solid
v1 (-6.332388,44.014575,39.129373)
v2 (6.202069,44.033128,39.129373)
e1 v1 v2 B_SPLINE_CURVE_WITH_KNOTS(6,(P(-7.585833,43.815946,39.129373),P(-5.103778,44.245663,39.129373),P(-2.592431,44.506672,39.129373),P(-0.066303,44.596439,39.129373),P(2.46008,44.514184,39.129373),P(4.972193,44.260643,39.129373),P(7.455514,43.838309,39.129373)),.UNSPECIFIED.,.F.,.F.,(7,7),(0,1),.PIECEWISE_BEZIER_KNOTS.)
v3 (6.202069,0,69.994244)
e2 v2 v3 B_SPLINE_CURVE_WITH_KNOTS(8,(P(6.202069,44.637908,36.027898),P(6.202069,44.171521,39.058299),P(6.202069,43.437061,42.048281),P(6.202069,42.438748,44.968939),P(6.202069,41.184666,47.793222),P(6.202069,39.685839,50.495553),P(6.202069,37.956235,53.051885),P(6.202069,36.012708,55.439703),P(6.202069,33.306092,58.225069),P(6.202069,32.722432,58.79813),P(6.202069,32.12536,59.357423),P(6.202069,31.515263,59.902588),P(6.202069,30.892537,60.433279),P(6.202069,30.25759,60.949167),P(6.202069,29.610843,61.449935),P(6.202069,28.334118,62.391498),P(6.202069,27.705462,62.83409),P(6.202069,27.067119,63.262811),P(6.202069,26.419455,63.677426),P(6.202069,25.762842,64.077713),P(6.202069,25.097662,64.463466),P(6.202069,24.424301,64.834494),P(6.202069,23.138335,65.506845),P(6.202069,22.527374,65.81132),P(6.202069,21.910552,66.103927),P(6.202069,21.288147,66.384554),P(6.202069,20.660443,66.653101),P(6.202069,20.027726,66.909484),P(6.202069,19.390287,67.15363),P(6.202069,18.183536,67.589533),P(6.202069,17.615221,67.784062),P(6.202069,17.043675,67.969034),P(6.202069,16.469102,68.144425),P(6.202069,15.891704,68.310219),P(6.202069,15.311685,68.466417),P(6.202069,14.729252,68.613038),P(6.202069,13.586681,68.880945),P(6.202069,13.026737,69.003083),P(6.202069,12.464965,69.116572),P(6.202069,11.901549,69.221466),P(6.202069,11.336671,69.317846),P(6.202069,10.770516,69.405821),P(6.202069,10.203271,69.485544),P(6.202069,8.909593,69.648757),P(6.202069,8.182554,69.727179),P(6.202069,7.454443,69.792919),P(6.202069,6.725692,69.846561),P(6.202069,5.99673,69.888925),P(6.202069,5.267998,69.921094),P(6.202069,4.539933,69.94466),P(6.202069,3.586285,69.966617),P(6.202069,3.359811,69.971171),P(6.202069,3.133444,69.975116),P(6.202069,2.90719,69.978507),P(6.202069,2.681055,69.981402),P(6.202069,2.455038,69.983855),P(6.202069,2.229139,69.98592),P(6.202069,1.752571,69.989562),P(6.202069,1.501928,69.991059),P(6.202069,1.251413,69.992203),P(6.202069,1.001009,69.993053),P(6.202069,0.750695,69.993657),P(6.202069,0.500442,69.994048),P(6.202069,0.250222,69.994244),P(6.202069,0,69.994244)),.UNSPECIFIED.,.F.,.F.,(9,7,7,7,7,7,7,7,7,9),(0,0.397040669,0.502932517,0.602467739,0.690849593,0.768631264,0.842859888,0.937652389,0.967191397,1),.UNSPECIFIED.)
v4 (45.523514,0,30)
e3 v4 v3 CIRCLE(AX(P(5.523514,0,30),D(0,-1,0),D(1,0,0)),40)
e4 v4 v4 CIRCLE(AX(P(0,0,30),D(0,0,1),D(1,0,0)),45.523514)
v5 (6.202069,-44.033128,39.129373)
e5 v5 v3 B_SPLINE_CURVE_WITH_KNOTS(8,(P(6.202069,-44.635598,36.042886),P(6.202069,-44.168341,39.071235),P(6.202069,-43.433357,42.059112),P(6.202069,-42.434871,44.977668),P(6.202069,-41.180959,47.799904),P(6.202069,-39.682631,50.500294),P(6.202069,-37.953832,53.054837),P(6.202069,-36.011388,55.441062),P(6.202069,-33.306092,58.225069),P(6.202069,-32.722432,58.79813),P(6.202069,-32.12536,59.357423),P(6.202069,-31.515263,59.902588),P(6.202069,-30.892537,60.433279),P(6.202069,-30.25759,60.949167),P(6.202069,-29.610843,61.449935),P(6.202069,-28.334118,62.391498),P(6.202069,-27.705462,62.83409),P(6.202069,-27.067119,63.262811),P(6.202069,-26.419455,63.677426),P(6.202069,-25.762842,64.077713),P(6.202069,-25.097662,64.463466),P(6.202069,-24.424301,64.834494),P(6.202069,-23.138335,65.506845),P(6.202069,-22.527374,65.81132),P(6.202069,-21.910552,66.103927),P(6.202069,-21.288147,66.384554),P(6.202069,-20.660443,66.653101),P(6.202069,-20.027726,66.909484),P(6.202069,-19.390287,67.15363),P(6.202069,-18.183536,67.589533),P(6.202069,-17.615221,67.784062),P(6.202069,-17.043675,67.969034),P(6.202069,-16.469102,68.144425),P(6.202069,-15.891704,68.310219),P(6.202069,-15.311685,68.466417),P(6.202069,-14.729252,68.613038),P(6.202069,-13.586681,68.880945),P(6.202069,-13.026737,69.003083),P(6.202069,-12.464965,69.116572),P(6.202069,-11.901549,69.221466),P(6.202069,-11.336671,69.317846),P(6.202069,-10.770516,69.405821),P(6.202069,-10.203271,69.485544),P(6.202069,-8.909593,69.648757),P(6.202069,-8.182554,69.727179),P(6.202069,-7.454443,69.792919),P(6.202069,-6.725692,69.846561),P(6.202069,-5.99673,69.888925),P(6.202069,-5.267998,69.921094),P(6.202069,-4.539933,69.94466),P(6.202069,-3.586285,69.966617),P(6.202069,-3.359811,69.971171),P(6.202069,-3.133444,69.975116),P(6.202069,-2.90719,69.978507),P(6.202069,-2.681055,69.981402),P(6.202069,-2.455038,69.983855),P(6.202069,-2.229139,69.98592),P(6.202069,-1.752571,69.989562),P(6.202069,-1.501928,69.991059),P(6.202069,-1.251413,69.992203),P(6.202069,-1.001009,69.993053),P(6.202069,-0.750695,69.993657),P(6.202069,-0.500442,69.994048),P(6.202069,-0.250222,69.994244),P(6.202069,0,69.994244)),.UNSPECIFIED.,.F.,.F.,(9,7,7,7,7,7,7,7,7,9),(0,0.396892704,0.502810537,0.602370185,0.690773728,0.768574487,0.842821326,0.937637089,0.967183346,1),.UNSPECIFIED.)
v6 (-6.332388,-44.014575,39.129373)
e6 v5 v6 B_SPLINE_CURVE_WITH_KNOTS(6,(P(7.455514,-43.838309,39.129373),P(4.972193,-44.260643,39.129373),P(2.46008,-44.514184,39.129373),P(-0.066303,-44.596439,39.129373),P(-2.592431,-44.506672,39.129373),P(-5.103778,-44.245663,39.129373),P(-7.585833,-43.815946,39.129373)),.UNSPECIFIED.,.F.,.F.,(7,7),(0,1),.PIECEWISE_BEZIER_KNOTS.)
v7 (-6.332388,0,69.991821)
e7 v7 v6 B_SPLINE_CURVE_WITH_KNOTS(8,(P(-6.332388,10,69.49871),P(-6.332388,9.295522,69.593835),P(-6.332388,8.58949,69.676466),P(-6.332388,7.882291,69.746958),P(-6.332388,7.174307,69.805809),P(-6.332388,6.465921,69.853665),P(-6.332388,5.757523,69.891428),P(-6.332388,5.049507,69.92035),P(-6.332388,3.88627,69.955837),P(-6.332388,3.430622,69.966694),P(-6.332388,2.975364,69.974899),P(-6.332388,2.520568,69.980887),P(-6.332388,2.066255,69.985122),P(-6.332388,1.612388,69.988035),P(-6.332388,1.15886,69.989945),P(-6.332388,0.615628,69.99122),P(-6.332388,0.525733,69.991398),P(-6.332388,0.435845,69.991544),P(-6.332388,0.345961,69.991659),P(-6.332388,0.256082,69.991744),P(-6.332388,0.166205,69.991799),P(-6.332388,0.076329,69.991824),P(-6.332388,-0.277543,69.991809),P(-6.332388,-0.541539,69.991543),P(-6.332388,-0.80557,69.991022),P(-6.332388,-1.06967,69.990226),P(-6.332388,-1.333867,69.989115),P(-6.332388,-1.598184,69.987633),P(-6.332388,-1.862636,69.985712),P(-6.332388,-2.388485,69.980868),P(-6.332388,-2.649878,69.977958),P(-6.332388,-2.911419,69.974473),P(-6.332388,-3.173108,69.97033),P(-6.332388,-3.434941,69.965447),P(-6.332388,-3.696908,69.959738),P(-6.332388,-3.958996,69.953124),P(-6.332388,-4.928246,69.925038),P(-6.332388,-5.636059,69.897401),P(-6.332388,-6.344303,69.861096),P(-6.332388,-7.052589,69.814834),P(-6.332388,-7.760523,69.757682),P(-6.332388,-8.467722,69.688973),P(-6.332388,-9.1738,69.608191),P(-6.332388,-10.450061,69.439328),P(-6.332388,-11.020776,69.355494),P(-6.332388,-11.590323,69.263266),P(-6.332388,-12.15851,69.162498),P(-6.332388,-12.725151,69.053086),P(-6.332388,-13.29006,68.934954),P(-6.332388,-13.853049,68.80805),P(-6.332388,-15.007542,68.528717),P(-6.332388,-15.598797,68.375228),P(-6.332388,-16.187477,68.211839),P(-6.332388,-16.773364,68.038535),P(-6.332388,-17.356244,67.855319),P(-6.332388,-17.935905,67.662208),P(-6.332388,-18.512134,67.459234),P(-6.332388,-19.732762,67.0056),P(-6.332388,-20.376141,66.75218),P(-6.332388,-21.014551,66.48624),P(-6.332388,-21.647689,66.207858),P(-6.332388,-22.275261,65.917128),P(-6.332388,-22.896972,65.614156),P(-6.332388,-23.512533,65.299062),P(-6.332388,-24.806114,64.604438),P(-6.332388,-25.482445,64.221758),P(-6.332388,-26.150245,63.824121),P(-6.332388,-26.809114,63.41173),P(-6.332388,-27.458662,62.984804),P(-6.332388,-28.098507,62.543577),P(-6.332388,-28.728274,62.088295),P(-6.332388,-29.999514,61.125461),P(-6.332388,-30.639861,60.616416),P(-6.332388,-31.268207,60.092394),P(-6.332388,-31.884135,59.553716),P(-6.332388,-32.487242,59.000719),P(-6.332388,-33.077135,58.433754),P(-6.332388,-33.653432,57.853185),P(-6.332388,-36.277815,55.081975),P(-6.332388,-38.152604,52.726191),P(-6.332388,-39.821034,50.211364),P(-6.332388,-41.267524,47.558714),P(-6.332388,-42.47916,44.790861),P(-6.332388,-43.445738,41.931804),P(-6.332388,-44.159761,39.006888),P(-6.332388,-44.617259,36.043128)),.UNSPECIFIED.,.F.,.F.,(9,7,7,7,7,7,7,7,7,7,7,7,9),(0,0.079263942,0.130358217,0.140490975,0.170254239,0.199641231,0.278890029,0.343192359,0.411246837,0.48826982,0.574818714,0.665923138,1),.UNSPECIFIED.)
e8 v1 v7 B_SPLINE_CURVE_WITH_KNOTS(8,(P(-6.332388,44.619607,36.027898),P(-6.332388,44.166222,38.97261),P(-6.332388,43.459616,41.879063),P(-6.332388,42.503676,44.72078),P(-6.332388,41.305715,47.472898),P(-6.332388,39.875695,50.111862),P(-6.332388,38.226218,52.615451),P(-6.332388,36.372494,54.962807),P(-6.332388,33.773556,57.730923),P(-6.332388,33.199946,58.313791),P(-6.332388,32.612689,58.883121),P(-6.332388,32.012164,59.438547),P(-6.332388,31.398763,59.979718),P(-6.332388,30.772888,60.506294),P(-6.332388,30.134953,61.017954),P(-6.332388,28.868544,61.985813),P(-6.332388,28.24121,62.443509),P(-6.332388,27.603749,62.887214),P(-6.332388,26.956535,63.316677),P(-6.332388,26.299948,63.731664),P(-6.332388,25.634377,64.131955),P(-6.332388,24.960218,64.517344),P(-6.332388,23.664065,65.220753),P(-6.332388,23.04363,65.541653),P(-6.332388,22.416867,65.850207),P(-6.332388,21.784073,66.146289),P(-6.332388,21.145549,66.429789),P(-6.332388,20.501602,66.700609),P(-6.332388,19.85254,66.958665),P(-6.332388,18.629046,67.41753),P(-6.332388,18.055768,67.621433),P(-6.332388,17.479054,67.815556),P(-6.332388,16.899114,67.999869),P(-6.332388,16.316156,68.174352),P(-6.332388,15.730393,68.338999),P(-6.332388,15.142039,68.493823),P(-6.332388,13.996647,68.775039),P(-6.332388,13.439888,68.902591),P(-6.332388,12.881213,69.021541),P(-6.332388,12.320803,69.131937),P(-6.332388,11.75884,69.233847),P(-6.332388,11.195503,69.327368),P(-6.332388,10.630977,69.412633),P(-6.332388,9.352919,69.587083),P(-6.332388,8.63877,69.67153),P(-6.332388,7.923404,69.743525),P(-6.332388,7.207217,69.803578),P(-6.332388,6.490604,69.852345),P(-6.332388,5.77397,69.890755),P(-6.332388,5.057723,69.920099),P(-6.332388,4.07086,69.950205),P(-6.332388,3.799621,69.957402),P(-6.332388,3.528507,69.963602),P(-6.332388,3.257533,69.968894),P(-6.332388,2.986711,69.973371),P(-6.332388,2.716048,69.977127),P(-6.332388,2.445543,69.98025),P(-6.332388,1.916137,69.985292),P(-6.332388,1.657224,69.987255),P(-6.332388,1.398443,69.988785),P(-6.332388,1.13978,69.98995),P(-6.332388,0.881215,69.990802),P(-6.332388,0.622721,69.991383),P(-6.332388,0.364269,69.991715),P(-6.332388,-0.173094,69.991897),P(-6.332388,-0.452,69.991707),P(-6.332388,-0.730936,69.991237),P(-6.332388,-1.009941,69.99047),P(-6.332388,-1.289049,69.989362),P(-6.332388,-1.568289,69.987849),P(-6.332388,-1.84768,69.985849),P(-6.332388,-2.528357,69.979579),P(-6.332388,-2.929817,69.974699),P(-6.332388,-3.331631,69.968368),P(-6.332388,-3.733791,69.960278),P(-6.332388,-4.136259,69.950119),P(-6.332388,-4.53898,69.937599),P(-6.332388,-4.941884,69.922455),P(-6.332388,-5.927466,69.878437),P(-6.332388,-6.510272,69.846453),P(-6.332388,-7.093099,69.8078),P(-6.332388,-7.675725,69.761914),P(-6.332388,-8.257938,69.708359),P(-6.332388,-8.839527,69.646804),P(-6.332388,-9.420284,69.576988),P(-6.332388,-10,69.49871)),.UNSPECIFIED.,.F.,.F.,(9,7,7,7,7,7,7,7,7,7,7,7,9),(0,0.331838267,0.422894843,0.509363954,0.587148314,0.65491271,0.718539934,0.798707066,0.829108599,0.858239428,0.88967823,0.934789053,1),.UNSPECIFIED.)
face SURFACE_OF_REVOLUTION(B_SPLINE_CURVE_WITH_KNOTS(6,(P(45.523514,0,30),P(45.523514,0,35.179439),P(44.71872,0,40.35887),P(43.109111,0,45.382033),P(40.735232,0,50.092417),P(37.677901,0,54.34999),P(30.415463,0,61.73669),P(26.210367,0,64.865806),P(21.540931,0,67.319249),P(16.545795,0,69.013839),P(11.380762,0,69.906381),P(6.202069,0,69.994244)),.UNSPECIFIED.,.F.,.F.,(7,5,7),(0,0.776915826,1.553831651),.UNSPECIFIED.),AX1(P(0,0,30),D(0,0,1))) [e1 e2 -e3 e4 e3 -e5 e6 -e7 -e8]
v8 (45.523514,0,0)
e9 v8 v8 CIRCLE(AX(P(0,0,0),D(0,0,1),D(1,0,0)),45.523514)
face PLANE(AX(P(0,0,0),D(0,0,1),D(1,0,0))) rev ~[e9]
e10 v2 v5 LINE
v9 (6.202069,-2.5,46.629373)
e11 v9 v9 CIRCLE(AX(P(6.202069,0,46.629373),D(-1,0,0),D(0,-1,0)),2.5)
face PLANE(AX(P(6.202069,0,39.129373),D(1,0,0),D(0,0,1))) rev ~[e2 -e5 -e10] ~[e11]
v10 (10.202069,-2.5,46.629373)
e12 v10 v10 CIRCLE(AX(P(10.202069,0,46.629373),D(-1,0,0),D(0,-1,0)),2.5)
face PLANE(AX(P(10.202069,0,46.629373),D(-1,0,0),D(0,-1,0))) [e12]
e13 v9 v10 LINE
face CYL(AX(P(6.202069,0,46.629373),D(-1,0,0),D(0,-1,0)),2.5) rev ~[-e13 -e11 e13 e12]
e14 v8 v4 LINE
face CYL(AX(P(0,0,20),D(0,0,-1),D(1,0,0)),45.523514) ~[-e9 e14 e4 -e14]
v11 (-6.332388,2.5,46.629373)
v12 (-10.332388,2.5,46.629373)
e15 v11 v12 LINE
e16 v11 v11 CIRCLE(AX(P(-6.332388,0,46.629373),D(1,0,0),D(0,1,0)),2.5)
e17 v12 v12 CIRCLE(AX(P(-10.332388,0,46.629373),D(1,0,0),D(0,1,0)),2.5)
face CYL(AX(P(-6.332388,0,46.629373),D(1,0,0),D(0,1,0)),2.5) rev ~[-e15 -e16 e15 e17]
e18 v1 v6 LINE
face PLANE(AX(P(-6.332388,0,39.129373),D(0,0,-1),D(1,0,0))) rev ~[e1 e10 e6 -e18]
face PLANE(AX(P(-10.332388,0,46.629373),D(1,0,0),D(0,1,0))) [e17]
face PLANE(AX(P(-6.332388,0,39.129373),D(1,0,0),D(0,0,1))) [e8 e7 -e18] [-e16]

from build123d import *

# Parameters (mm, degrees)
F0_R      = 45.5235141672
F1_DEPTH  = 20
F2_DEPTH  = 50
F3_R      = 40
F4_W      = 12.5344563276
F4_H      = 31.0147441924
F5_DEPTH  = 100
F7_DEPTH  = 100
F8_R      = 2.5
F9_DEPTH  = 4
F10_R     = 2.5
F11_DEPTH = 4


with BuildPart() as f1:
    # F0 (on Top) → F1 (new body)
    with BuildSketch(Plane.XY):
        Circle(F0_R)
    extrude(amount=F1_DEPTH)

    # F2 (add): a face of the model
    f2_faces = [f1.faces().sort_by_distance(p)[0] for p in [
        (0, 0, 20),
    ]]
    extrude(f2_faces, amount=F2_DEPTH)

    # F3
    f3_edges = [f1.edges().sort_by_distance(p)[0] for p in [
        (-45.523514, 0, 70),
    ]]
    fillet(f3_edges, radius=F3_R)

    # F4 (on Front) → F5 (cut)
    with BuildSketch(Plane.XZ):
        with Locations((-0.0651595183, 54.6367447823)):
            Rectangle(F4_W, F4_H)
    extrude(amount=-F5_DEPTH, mode=Mode.SUBTRACT)

    # F6 (on face) → F7 (cut)
    with BuildSketch(Plane(origin=(0, 0, 0), x_dir=(-1, 0, 0), z_dir=(0, 1, 0))):
        with BuildLine():
            ThreePointArc((-5.5235141672, 70), (-5.8628036122, 69.9985610075), (-6.2020686455, 69.9942441336))
            Line((-6.2020686455, 69.9942441336), (-6.2020686455, 39.1293726861))
            Line((-6.2020686455, 39.1293726861), (6.3323876821, 39.1293726861))
            Line((6.3323876821, 39.1293726861), (6.3323876821, 69.9918207092))
            add(Edge.make_bspline(
                [(6.3323876821, 69.9918207092), (6.1301968719, 69.9959102152), (5.927978494, 69.9986367384), (5.7257463298, 70), (5.5235141672, 70)],
                knots=[0.6079316836, 0.6079316836, 0.6079316836, 0.6079316836, 0.6079316836, 1, 1, 1, 1, 1], degree=4))
            Line((5.5235141672, 70), (-5.5235141672, 70))
        make_face()
    extrude(amount=-F7_DEPTH, mode=Mode.SUBTRACT)

    # F8 (on face) → F9 (cut)
    with BuildSketch(Plane.YZ.offset(-6.3323876821)):
        with Locations((0, 46.6293726861)):
            Circle(F8_R)
    extrude(amount=-F9_DEPTH, mode=Mode.SUBTRACT)

    # F10 (on face) → F11 (cut)
    with BuildSketch(Plane(origin=(6.2020686455, 0, 0), x_dir=(0, -1, 0), z_dir=(-1, 0, 0))):
        with Locations((0, 46.6293726861)):
            Circle(F10_R)
    extrude(amount=-F11_DEPTH, mode=Mode.SUBTRACT)


solid = f1.part
